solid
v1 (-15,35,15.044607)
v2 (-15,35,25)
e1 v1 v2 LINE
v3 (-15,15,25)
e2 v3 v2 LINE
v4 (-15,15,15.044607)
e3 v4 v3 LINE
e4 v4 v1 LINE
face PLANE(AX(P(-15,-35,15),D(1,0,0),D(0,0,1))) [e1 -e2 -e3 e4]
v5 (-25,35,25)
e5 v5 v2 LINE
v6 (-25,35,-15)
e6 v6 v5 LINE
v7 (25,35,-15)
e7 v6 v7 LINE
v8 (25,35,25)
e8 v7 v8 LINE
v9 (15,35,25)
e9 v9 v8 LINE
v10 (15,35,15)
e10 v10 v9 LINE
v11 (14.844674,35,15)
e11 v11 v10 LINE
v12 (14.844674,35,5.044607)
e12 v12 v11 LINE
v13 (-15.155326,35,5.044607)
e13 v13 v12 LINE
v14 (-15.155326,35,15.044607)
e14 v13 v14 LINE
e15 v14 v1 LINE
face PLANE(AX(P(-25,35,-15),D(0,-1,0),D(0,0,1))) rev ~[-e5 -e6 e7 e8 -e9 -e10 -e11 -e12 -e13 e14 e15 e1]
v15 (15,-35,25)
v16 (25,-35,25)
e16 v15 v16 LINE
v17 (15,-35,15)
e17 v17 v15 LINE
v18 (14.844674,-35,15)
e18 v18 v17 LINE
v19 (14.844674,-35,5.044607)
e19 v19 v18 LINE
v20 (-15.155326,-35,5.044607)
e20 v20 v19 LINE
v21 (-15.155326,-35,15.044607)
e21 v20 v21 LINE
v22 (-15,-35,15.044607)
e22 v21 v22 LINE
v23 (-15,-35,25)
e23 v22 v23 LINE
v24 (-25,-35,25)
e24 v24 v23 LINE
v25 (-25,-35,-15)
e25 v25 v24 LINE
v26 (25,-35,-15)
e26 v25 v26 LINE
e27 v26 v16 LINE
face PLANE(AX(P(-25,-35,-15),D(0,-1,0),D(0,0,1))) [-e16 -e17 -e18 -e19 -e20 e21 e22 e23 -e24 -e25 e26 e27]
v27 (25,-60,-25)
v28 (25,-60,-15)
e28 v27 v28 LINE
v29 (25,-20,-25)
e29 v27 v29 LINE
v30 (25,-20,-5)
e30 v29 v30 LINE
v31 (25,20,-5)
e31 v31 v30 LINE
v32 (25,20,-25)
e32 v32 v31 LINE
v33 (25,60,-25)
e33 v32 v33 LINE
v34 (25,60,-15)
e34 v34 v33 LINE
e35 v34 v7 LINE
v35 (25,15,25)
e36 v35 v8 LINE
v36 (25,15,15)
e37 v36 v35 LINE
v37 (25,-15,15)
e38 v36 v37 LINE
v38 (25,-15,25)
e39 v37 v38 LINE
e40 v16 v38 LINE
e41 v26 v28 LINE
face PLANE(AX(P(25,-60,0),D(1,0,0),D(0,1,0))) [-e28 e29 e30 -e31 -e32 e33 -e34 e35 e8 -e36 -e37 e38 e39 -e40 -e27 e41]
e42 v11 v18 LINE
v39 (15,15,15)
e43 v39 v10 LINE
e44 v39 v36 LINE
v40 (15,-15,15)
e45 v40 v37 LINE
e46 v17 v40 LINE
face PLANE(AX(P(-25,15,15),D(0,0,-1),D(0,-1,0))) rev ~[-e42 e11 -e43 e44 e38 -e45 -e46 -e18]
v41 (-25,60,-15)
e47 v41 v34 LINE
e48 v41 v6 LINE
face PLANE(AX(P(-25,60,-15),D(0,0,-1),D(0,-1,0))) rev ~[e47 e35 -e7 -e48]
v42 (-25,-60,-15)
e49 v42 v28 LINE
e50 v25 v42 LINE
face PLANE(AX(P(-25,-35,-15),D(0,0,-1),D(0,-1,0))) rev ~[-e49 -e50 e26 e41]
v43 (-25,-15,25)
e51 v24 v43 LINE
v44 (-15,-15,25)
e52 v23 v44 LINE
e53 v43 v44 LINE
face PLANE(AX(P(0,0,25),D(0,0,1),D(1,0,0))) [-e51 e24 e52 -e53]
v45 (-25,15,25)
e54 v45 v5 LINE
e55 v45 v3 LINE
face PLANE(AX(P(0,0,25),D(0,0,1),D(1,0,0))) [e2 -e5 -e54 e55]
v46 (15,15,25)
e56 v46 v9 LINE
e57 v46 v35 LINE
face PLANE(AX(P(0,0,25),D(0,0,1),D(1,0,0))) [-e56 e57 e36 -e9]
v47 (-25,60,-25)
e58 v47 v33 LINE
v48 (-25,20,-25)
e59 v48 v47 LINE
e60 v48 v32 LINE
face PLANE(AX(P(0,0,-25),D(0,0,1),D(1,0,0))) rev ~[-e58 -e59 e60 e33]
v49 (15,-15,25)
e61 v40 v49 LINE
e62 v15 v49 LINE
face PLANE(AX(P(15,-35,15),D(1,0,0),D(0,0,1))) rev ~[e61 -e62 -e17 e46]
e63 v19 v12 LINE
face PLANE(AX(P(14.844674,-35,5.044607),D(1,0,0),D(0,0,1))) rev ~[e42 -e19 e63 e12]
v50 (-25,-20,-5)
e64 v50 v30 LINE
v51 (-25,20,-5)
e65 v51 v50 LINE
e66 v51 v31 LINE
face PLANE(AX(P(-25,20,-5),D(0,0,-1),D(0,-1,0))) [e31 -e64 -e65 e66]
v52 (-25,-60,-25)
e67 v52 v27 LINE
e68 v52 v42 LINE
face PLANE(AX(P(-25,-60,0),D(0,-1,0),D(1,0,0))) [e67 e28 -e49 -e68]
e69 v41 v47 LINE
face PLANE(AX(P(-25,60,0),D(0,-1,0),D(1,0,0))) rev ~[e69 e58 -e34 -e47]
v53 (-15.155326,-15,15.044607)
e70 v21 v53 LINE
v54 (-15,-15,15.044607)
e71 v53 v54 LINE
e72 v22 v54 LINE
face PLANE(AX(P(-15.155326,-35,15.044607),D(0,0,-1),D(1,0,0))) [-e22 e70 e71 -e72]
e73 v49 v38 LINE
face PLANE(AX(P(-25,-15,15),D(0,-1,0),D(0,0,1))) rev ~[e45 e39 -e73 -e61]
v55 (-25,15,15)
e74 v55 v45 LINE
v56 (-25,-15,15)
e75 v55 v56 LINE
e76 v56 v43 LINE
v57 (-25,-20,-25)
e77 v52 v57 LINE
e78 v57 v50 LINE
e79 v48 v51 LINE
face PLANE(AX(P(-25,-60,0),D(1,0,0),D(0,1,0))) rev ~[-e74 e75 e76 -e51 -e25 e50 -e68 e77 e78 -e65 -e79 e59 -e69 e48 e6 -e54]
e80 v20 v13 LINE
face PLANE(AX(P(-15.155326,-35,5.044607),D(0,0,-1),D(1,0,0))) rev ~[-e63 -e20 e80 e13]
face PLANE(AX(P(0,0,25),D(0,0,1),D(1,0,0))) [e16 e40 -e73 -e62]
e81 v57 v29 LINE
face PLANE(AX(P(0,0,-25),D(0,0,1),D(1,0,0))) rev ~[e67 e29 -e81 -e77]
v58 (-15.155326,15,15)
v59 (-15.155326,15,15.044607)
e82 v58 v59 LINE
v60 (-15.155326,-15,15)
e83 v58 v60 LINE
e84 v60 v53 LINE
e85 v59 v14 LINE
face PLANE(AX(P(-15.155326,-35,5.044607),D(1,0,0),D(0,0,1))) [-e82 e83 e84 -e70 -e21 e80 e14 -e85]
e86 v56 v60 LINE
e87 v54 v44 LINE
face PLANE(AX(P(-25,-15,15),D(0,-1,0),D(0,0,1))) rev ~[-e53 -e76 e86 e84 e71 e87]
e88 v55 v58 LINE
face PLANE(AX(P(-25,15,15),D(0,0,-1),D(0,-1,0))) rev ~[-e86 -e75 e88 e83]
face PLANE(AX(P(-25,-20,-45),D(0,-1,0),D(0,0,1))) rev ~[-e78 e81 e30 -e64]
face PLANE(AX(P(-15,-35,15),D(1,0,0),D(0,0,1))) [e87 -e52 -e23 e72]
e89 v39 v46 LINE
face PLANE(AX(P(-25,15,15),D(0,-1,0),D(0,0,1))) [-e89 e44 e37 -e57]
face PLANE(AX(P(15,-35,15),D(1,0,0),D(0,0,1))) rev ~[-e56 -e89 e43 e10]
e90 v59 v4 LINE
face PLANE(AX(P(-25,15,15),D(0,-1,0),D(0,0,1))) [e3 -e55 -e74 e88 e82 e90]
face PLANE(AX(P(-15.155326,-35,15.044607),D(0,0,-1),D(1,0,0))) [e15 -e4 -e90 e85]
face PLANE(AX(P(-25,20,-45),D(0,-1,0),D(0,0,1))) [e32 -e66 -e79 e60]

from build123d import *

# Parameters (mm, degrees)
F1_W      = 50
F1_H      = 120
F2_DEPTH  = 25
F3_W      = 40
F3_H      = 40
F4_DEPTH  = 50
F5_W      = 25
F5_H      = 40
F6_DEPTH  = 50
F7_W      = 25
F7_H      = 40
F8_DEPTH  = 50
F9_W      = 30
F9_H      = 10
F10_DEPTH = 50
F11_W     = 30
F11_H     = 10
F12_DEPTH = 70
F13_W     = 30
F13_H     = 10
F14_DEPTH = 70


with BuildPart() as f2:
    # F1 (on Top) → F2 (new body, symmetric)
    with BuildSketch(Plane.XY):
        Rectangle(F1_W, F1_H)
    extrude(amount=F2_DEPTH, both=True)

    # F3 (on face) → F4 (cut)
    with BuildSketch(Plane(origin=(-25, 0, 0), x_dir=(0, -1, 0), z_dir=(-1, 0, 0))):
        with Locations((0, -25)):
            Rectangle(F3_W, F3_H)
    extrude(amount=-F4_DEPTH, mode=Mode.SUBTRACT)

    # F5 (on face) → F6 (cut)
    with BuildSketch(Plane(origin=(-25, 0, 0), x_dir=(0, -1, 0), z_dir=(-1, 0, 0))):
        with Locations((-47.5, 5)):
            Rectangle(F5_W, F5_H)
    extrude(amount=-F6_DEPTH, mode=Mode.SUBTRACT)

    # F7 (on face) → F8 (cut)
    with BuildSketch(Plane(origin=(-25, 0, 0), x_dir=(0, -1, 0), z_dir=(-1, 0, 0))):
        with Locations((47.5, 5)):
            Rectangle(F7_W, F7_H)
    extrude(amount=-F8_DEPTH, mode=Mode.SUBTRACT)

    # F9 (on face) → F10 (cut)
    with BuildSketch(Plane(origin=(-25, 0, 0), x_dir=(0, -1, 0), z_dir=(-1, 0, 0))):
        with Locations((0, 20)):
            Rectangle(F9_W, F9_H)
    extrude(amount=-F10_DEPTH, mode=Mode.SUBTRACT)

    # F11 (on face) → F12 (cut)
    with BuildSketch(Plane.XZ.offset(35)):
        with Locations((0, 20)):
            Rectangle(F11_W, F11_H)
    extrude(amount=-F12_DEPTH, mode=Mode.SUBTRACT)

    # F13 (on face) → F14 (cut)
    with BuildSketch(Plane.XZ.offset(35)):
        with Locations((-0.1553255133, 10.0446071414)):
            Rectangle(F13_W, F13_H)
    extrude(amount=-F14_DEPTH, mode=Mode.SUBTRACT)


solid = f2.part
